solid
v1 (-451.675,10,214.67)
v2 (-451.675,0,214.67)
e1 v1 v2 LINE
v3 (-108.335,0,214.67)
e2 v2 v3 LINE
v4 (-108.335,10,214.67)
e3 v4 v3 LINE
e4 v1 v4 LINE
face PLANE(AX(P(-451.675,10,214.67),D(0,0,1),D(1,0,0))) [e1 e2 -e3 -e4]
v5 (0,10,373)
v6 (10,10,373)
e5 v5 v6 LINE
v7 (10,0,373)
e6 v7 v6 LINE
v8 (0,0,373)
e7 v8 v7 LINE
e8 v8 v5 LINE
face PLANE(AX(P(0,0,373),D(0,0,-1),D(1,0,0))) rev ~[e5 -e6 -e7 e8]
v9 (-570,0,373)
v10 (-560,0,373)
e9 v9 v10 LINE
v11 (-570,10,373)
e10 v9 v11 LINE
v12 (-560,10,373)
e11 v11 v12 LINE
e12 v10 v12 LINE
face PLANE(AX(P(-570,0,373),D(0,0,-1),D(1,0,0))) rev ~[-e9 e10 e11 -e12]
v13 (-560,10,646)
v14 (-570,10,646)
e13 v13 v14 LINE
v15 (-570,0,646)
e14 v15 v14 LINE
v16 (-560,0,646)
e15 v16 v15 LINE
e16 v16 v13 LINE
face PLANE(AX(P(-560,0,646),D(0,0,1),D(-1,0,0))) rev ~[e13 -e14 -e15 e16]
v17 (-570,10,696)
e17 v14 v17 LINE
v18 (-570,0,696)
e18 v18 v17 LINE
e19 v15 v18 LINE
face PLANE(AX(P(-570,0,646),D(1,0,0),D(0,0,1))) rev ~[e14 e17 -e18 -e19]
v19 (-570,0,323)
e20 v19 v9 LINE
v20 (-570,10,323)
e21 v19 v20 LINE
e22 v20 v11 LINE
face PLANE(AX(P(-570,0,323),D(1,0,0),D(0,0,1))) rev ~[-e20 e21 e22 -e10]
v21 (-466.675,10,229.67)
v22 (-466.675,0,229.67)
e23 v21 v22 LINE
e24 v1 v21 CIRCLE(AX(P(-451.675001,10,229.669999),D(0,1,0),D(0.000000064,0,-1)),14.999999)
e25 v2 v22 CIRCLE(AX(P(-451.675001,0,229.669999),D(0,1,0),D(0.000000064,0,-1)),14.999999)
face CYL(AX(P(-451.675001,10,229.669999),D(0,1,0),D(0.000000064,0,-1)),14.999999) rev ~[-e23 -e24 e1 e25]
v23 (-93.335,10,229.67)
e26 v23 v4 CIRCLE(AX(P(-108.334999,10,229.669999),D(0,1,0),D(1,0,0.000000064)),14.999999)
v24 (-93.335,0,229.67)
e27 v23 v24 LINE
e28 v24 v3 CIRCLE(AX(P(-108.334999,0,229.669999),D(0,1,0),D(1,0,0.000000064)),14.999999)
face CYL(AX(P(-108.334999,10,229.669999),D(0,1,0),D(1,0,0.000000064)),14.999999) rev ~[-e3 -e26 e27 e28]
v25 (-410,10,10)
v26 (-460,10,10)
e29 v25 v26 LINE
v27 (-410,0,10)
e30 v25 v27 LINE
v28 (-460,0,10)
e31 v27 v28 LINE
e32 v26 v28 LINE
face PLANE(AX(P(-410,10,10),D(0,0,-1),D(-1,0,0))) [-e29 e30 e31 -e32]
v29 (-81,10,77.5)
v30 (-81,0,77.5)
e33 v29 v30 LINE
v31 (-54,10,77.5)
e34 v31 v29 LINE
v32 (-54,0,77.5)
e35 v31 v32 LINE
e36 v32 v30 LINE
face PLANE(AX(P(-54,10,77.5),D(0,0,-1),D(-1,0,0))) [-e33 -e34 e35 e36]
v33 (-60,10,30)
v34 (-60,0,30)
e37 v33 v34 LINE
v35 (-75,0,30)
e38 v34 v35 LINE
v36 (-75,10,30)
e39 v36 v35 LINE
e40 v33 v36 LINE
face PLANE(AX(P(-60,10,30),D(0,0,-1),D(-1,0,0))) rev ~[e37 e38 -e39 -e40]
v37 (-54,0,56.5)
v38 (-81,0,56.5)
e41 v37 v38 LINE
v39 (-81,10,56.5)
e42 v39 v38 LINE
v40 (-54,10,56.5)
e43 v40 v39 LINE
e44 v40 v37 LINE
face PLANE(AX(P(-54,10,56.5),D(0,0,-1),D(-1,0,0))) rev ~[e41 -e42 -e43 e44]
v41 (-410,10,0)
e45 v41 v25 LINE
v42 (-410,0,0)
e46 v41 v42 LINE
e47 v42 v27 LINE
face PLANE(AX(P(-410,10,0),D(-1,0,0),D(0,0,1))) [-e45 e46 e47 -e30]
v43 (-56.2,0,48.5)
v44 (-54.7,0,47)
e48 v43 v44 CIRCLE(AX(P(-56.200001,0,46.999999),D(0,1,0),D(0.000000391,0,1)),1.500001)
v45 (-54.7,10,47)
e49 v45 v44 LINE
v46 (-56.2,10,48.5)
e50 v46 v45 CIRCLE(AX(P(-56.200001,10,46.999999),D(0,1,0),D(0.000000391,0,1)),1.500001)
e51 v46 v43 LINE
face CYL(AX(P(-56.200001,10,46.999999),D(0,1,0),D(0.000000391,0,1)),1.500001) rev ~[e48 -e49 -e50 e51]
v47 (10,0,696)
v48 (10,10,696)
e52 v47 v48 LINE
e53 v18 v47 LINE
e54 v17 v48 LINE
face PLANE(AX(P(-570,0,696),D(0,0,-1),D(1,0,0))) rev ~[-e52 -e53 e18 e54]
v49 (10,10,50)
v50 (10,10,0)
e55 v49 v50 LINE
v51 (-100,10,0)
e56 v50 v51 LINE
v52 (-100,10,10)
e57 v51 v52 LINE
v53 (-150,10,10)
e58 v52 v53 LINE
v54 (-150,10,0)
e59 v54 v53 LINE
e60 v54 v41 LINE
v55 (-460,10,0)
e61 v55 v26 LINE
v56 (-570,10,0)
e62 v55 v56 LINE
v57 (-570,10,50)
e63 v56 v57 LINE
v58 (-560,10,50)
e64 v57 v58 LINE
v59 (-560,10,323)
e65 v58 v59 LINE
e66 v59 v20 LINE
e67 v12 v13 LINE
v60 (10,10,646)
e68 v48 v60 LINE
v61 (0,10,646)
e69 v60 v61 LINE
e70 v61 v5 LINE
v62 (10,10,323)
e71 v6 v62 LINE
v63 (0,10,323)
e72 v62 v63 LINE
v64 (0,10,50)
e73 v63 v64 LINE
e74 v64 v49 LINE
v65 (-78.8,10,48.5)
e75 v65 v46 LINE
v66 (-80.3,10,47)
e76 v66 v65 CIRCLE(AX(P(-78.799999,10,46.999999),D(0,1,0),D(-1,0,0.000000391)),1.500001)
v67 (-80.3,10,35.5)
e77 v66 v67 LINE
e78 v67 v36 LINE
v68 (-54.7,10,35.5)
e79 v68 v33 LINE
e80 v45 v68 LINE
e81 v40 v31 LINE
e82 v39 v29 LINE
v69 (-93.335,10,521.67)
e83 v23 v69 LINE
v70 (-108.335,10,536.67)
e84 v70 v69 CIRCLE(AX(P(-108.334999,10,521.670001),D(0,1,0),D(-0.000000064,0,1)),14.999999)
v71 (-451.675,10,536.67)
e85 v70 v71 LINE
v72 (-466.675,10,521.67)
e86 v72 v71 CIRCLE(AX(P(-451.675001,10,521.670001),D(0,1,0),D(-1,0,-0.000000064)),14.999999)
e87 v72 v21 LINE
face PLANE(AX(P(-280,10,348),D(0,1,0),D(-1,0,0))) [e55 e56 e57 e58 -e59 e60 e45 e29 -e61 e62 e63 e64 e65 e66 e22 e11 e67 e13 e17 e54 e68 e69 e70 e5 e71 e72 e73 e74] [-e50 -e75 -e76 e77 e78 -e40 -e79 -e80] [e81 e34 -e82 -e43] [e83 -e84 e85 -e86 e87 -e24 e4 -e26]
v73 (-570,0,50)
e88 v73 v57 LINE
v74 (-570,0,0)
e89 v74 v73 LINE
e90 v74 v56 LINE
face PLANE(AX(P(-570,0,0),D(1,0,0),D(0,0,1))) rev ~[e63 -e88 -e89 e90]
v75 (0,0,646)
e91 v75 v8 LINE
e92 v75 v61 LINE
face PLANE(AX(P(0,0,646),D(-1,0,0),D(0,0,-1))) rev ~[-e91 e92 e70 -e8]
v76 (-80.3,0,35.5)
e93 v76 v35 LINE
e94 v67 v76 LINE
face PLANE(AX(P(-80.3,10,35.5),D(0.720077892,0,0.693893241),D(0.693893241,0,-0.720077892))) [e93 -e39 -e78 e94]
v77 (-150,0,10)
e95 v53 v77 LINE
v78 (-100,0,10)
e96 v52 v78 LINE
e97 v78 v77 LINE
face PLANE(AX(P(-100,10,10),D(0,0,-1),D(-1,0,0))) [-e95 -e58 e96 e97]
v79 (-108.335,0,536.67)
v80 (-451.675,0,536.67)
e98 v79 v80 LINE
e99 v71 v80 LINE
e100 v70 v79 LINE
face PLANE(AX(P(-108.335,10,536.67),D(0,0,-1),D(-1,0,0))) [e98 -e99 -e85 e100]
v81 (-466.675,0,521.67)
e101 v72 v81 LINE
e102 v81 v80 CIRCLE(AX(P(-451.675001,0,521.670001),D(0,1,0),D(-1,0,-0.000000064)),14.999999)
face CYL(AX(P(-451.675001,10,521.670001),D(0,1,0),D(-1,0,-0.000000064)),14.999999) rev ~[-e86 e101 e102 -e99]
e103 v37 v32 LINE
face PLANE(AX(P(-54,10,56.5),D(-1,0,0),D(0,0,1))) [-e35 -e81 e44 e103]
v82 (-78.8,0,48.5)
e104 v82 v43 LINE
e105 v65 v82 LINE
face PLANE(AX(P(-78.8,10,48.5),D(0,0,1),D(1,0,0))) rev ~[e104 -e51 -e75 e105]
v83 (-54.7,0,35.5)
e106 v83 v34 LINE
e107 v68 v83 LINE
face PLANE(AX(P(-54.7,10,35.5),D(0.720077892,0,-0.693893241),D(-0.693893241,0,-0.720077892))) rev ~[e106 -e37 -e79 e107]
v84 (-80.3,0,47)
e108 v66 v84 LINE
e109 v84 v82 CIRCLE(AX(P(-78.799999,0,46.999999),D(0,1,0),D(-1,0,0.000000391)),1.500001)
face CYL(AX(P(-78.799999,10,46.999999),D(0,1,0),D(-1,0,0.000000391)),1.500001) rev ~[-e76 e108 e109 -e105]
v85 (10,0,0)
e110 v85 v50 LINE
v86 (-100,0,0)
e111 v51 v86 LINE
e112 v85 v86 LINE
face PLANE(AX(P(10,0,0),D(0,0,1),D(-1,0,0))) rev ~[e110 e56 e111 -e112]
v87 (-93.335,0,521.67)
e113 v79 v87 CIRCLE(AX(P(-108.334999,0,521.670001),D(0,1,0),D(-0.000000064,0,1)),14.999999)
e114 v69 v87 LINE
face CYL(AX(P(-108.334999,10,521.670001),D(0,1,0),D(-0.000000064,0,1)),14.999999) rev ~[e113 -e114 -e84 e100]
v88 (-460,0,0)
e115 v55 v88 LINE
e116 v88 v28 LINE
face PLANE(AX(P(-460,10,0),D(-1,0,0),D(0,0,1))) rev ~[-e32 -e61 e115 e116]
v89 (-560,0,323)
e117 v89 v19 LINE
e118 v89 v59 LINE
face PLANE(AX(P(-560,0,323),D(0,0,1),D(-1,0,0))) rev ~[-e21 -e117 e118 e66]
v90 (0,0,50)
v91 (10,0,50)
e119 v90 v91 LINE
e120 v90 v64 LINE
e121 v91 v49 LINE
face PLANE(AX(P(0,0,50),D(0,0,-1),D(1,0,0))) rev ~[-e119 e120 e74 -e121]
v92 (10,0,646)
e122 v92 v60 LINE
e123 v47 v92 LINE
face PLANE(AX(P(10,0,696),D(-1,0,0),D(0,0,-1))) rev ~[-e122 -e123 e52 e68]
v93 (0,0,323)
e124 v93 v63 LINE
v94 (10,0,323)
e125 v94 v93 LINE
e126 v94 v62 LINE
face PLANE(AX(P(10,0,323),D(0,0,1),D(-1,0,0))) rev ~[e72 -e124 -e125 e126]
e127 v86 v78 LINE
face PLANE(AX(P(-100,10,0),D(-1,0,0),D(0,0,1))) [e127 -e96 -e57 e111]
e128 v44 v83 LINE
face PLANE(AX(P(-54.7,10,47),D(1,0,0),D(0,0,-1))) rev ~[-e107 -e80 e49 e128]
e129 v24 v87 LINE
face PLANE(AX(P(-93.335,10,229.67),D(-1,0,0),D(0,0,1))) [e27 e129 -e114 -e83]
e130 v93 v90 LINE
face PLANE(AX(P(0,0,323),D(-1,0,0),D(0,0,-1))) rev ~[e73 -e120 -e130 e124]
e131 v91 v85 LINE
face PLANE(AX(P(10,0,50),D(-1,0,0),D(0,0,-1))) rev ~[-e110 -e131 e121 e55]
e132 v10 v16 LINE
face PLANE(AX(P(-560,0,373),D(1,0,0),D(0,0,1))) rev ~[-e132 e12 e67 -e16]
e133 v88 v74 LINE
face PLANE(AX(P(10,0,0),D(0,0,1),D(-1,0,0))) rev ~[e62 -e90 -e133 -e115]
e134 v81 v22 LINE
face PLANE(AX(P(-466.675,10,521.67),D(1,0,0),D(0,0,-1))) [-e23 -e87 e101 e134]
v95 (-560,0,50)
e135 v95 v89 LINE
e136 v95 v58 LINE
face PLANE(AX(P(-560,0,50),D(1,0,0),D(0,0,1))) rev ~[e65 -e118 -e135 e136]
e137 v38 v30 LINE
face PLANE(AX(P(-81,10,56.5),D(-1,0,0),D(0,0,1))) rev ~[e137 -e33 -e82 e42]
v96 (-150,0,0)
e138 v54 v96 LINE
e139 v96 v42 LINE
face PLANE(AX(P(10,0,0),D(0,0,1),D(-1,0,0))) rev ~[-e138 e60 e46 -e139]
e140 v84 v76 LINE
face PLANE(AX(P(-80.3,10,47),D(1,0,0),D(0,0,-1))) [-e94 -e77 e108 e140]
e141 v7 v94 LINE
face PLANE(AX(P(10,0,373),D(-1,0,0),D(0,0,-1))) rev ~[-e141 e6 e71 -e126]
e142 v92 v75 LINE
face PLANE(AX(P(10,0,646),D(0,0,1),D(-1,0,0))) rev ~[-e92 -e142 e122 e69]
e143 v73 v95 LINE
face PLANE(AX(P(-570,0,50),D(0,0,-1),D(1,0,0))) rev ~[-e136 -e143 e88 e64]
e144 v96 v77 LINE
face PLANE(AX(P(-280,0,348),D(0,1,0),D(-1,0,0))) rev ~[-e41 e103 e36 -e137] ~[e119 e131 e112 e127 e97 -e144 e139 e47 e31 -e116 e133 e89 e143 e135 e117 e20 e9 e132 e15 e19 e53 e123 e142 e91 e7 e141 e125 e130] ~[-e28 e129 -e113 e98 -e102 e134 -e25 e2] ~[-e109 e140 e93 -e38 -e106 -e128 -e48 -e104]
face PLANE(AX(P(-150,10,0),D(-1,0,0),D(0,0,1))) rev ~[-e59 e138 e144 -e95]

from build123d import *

# Parameters (mm, degrees)
PAD_DEPTH     = 10
SKETCH001_W   = 27
SKETCH001_H   = 21
SKETCH001_W_2 = 50
SKETCH001_H_2 = 10
POCKET_DEPTH  = 10.001


with BuildPart() as part:
    # Sketch → Pad (new body)
    with BuildSketch(Plane(origin=(0, 0, 0), x_dir=(-1, 0, 0), z_dir=(0, 1, 0))):
        Polygon((0, 0), (560, 0), (570, 0), (570, 50), (560, 50), (560, 323), (570, 323), (570, 373), (560, 373), (560, 646), (570, 646), (570, 696), (560, 696), (0, 696), (-10, 696), (-10, 646), (0, 646), (0, 373), (-10, 373), (-10, 323), (0, 323), (0, 50), (-10, 50), (-10, 0), align=None)
    extrude(amount=PAD_DEPTH)

    # Sketch001 → Pocket (cut, through all)
    with BuildSketch(Plane(origin=(0, 10, 0), x_dir=(-1, 0, 0), z_dir=(0, 1, 0))):
        with BuildLine():
            Line((108.335, 536.67), (451.675, 536.67))
            ThreePointArc((466.675, 521.67), (462.281602, 532.276602), (451.675, 536.67))
            Line((466.675, 521.67), (466.675, 229.67))
            ThreePointArc((451.675, 214.67), (462.281602, 219.063398), (466.675, 229.67))
            Line((451.675, 214.67), (108.335, 214.67))
            ThreePointArc((93.335, 229.67), (97.728398, 219.063398), (108.335, 214.67))
            Line((93.335, 229.67), (93.335, 521.67))
            ThreePointArc((108.335, 536.67), (97.728398, 532.276602), (93.335, 521.67))
        make_face()
        with BuildLine():
            Line((60, 30), (75, 30))
            Line((80.3, 35.5), (75, 30))
            Line((80.3, 47), (80.3, 35.5))
            ThreePointArc((80.3, 47), (79.86066, 48.06066), (78.8, 48.5))
            Line((78.8, 48.5), (56.2, 48.5))
            ThreePointArc((56.2, 48.5), (55.13934, 48.06066), (54.7, 47))
            Line((54.7, 47), (54.7, 35.5))
            Line((54.7, 35.5), (60, 30))
        make_face()
        with Locations((67.5, 67)):
            Rectangle(SKETCH001_W, SKETCH001_H)
        with Locations((125, 5)):
            Rectangle(SKETCH001_W_2, SKETCH001_H_2)
        with Locations((435, 5)):
            Rectangle(SKETCH001_W_2, SKETCH001_H_2)
    extrude(amount=-POCKET_DEPTH, mode=Mode.SUBTRACT)


solid = part.part
